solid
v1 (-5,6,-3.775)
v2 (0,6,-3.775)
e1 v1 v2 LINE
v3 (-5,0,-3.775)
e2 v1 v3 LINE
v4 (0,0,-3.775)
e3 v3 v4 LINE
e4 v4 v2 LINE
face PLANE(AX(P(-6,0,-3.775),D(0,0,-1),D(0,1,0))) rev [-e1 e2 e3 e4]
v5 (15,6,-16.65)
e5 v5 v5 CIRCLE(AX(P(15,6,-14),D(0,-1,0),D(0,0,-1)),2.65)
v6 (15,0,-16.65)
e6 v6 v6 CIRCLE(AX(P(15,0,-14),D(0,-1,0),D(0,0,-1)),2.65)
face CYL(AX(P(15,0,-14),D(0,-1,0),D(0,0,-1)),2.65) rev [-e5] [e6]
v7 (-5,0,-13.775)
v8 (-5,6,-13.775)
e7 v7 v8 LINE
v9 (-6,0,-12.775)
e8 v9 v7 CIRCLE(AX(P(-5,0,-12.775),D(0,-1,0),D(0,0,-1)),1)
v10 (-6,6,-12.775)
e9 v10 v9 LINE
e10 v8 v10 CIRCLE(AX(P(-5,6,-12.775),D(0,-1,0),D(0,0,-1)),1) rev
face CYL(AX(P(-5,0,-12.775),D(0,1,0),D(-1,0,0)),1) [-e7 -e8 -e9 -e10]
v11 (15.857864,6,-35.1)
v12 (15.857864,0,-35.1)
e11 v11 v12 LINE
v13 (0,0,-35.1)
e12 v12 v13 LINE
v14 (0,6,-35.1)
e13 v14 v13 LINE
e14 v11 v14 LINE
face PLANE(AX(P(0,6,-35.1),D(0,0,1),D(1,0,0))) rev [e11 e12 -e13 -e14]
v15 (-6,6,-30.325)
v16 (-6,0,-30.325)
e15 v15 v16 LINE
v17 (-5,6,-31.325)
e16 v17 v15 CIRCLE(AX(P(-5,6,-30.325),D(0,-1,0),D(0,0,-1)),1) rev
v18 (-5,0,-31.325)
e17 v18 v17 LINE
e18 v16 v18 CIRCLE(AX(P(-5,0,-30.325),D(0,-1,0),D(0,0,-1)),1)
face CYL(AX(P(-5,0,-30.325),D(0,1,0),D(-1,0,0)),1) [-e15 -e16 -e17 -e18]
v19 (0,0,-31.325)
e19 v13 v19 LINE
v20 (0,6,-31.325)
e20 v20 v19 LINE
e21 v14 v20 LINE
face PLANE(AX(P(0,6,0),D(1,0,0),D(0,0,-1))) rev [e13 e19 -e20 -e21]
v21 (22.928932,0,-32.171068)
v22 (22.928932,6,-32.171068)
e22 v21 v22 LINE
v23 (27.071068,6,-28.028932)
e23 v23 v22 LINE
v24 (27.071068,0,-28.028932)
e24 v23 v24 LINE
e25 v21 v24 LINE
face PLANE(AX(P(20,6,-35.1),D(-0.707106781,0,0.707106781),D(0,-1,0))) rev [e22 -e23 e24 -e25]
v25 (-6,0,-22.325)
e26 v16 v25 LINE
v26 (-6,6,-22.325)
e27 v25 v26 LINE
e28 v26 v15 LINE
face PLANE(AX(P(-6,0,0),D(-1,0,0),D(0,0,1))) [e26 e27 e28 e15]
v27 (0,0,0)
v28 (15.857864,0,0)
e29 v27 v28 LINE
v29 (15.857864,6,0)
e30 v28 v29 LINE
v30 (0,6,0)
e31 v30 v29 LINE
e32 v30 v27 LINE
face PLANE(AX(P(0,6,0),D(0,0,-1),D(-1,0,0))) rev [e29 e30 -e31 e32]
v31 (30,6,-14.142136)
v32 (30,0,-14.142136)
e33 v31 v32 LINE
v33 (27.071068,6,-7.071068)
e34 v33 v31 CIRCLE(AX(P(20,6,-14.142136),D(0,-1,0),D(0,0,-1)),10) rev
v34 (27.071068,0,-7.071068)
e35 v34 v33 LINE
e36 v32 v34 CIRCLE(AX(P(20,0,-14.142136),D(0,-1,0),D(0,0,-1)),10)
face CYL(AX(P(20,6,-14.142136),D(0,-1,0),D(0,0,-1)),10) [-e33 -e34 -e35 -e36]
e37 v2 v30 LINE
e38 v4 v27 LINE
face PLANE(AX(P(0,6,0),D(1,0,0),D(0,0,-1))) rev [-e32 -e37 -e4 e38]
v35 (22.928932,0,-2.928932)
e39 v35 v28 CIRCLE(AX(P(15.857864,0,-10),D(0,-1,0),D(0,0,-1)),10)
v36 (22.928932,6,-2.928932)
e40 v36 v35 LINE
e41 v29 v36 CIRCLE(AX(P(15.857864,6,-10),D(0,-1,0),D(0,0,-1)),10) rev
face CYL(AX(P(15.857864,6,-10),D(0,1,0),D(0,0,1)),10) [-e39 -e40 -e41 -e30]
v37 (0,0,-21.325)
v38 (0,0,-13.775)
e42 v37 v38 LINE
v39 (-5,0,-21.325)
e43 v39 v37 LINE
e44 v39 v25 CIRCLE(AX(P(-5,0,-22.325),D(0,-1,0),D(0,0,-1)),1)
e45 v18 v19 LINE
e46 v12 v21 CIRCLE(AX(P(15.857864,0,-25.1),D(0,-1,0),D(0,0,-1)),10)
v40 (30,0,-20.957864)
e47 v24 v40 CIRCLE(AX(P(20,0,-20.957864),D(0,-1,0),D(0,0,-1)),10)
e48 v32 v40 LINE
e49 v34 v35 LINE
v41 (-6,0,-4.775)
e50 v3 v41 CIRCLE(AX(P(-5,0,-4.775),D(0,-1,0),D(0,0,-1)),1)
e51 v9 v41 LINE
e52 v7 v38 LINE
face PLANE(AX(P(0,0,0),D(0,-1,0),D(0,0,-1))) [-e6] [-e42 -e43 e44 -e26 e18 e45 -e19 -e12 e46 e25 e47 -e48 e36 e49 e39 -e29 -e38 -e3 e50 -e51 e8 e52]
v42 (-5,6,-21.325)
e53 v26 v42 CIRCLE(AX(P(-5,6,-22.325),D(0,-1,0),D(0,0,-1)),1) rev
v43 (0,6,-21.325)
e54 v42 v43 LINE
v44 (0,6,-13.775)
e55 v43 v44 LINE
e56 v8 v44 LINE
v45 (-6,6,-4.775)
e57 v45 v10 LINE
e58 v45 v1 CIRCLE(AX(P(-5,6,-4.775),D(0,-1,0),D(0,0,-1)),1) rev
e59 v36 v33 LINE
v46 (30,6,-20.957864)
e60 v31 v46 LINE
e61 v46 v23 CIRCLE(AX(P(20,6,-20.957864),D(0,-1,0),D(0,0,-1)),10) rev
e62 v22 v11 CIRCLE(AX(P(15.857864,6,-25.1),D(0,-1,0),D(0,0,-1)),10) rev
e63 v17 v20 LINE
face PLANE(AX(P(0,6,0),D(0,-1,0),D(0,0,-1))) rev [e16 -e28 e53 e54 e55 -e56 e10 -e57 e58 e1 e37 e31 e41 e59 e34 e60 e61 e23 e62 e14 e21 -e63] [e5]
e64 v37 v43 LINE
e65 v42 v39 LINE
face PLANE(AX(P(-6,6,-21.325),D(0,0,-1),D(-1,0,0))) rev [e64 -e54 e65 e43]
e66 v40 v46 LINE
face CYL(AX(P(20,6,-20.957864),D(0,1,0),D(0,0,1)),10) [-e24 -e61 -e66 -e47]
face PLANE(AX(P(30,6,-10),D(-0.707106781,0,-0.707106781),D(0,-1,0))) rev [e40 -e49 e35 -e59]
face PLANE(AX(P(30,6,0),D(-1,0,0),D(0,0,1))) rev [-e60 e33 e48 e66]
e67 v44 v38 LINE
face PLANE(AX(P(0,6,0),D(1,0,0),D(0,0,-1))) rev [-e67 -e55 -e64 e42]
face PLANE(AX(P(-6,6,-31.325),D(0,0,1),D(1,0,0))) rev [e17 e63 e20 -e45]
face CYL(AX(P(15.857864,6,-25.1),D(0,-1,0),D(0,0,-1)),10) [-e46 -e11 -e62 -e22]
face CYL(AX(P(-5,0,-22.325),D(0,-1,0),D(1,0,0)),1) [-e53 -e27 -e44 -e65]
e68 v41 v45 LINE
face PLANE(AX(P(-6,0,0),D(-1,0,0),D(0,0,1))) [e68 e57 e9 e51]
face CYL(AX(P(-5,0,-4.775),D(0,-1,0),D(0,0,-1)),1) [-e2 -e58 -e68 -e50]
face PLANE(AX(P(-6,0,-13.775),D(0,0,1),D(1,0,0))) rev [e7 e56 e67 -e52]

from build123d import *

# Parameters (mm, degrees)
SKETCH1_W              = 30
SKETCH1_H              = 35.1
BOSS_EXTRUDE1_DEPTH    = 6
CHAMFER1_SIZE          = 10
M5_CLEARANCE_HOLE1_D   = 5.3
SKETCH234_W            = 10
SKETCH234_H            = 6
BOSS_EXTRUDE234_DEPTH  = 6
FILLET134_R            = 1
SKETCH2341_W           = 10
SKETCH2341_H           = 6
BOSS_EXTRUDE2341_DEPTH = 6
FILLET1341_R           = 1
FILLET1342_R           = 10


with BuildPart() as part:
    # Sketch1 → Boss-Extrude1 (new body)
    with BuildSketch(Plane(origin=(0, 0, 0), x_dir=(1, 0, 0), z_dir=(0, 1, 0))):
        with Locations((15, 17.55)):
            Rectangle(SKETCH1_W, SKETCH1_H)
    extrude(amount=BOSS_EXTRUDE1_DEPTH)

    # Chamfer1
    chamfer1_edges = [part.edges().sort_by_distance(p)[0] for p in [
        (30, 3, -35.1),
        (30, 3, 0),
    ]]
    chamfer(chamfer1_edges, length=CHAMFER1_SIZE)

    # M5 Clearance Hole1 (through all)
    with Locations(Plane(origin=(0, 0, 0), x_dir=(-1, 0, 0), z_dir=(0, -1, 0))):
        with Locations((-15, 14)):
            Hole(M5_CLEARANCE_HOLE1_D / 2)

    # Sketch234 → Boss-Extrude234 (add)
    with BuildSketch(Plane(origin=(0, 6, -8.007221392), x_dir=(0, 0, -1), z_dir=(-1, 0, 0))):
        with Locations((0.767778608, 3)):
            Rectangle(SKETCH234_W, SKETCH234_H)
    extrude(amount=BOSS_EXTRUDE234_DEPTH)

    # Fillet134
    fillet134_edges = [part.edges().sort_by_distance(p)[0] for p in [
        (-6, 3, -3.775),
        (-6, 3, -13.775),
    ]]
    fillet(fillet134_edges, radius=FILLET134_R)

    # Sketch2341 → Boss-Extrude2341 (add)
    with BuildSketch(Plane(origin=(0, 0, -27.092778608), x_dir=(0, 0, 1), z_dir=(-1, 0, 0))):
        with Locations((0.767778608, 3)):
            Rectangle(SKETCH2341_W, SKETCH2341_H)
    extrude(amount=BOSS_EXTRUDE2341_DEPTH)

    # Fillet1341
    fillet1341_edges = [part.edges().sort_by_distance(p)[0] for p in [
        (-6, 3, -21.325),
        (-6, 3, -31.325),
    ]]
    fillet(fillet1341_edges, radius=FILLET1341_R)

    # Fillet1342
    fillet1342_edges = [part.edges().sort_by_distance(p)[0] for p in [
        (20, 3, -35.1),
        (30, 3, -10),
        (30, 3, -25.1),
        (20, 3, 0),
    ]]
    fillet(fillet1342_edges, radius=FILLET1342_R)


solid = part.part
